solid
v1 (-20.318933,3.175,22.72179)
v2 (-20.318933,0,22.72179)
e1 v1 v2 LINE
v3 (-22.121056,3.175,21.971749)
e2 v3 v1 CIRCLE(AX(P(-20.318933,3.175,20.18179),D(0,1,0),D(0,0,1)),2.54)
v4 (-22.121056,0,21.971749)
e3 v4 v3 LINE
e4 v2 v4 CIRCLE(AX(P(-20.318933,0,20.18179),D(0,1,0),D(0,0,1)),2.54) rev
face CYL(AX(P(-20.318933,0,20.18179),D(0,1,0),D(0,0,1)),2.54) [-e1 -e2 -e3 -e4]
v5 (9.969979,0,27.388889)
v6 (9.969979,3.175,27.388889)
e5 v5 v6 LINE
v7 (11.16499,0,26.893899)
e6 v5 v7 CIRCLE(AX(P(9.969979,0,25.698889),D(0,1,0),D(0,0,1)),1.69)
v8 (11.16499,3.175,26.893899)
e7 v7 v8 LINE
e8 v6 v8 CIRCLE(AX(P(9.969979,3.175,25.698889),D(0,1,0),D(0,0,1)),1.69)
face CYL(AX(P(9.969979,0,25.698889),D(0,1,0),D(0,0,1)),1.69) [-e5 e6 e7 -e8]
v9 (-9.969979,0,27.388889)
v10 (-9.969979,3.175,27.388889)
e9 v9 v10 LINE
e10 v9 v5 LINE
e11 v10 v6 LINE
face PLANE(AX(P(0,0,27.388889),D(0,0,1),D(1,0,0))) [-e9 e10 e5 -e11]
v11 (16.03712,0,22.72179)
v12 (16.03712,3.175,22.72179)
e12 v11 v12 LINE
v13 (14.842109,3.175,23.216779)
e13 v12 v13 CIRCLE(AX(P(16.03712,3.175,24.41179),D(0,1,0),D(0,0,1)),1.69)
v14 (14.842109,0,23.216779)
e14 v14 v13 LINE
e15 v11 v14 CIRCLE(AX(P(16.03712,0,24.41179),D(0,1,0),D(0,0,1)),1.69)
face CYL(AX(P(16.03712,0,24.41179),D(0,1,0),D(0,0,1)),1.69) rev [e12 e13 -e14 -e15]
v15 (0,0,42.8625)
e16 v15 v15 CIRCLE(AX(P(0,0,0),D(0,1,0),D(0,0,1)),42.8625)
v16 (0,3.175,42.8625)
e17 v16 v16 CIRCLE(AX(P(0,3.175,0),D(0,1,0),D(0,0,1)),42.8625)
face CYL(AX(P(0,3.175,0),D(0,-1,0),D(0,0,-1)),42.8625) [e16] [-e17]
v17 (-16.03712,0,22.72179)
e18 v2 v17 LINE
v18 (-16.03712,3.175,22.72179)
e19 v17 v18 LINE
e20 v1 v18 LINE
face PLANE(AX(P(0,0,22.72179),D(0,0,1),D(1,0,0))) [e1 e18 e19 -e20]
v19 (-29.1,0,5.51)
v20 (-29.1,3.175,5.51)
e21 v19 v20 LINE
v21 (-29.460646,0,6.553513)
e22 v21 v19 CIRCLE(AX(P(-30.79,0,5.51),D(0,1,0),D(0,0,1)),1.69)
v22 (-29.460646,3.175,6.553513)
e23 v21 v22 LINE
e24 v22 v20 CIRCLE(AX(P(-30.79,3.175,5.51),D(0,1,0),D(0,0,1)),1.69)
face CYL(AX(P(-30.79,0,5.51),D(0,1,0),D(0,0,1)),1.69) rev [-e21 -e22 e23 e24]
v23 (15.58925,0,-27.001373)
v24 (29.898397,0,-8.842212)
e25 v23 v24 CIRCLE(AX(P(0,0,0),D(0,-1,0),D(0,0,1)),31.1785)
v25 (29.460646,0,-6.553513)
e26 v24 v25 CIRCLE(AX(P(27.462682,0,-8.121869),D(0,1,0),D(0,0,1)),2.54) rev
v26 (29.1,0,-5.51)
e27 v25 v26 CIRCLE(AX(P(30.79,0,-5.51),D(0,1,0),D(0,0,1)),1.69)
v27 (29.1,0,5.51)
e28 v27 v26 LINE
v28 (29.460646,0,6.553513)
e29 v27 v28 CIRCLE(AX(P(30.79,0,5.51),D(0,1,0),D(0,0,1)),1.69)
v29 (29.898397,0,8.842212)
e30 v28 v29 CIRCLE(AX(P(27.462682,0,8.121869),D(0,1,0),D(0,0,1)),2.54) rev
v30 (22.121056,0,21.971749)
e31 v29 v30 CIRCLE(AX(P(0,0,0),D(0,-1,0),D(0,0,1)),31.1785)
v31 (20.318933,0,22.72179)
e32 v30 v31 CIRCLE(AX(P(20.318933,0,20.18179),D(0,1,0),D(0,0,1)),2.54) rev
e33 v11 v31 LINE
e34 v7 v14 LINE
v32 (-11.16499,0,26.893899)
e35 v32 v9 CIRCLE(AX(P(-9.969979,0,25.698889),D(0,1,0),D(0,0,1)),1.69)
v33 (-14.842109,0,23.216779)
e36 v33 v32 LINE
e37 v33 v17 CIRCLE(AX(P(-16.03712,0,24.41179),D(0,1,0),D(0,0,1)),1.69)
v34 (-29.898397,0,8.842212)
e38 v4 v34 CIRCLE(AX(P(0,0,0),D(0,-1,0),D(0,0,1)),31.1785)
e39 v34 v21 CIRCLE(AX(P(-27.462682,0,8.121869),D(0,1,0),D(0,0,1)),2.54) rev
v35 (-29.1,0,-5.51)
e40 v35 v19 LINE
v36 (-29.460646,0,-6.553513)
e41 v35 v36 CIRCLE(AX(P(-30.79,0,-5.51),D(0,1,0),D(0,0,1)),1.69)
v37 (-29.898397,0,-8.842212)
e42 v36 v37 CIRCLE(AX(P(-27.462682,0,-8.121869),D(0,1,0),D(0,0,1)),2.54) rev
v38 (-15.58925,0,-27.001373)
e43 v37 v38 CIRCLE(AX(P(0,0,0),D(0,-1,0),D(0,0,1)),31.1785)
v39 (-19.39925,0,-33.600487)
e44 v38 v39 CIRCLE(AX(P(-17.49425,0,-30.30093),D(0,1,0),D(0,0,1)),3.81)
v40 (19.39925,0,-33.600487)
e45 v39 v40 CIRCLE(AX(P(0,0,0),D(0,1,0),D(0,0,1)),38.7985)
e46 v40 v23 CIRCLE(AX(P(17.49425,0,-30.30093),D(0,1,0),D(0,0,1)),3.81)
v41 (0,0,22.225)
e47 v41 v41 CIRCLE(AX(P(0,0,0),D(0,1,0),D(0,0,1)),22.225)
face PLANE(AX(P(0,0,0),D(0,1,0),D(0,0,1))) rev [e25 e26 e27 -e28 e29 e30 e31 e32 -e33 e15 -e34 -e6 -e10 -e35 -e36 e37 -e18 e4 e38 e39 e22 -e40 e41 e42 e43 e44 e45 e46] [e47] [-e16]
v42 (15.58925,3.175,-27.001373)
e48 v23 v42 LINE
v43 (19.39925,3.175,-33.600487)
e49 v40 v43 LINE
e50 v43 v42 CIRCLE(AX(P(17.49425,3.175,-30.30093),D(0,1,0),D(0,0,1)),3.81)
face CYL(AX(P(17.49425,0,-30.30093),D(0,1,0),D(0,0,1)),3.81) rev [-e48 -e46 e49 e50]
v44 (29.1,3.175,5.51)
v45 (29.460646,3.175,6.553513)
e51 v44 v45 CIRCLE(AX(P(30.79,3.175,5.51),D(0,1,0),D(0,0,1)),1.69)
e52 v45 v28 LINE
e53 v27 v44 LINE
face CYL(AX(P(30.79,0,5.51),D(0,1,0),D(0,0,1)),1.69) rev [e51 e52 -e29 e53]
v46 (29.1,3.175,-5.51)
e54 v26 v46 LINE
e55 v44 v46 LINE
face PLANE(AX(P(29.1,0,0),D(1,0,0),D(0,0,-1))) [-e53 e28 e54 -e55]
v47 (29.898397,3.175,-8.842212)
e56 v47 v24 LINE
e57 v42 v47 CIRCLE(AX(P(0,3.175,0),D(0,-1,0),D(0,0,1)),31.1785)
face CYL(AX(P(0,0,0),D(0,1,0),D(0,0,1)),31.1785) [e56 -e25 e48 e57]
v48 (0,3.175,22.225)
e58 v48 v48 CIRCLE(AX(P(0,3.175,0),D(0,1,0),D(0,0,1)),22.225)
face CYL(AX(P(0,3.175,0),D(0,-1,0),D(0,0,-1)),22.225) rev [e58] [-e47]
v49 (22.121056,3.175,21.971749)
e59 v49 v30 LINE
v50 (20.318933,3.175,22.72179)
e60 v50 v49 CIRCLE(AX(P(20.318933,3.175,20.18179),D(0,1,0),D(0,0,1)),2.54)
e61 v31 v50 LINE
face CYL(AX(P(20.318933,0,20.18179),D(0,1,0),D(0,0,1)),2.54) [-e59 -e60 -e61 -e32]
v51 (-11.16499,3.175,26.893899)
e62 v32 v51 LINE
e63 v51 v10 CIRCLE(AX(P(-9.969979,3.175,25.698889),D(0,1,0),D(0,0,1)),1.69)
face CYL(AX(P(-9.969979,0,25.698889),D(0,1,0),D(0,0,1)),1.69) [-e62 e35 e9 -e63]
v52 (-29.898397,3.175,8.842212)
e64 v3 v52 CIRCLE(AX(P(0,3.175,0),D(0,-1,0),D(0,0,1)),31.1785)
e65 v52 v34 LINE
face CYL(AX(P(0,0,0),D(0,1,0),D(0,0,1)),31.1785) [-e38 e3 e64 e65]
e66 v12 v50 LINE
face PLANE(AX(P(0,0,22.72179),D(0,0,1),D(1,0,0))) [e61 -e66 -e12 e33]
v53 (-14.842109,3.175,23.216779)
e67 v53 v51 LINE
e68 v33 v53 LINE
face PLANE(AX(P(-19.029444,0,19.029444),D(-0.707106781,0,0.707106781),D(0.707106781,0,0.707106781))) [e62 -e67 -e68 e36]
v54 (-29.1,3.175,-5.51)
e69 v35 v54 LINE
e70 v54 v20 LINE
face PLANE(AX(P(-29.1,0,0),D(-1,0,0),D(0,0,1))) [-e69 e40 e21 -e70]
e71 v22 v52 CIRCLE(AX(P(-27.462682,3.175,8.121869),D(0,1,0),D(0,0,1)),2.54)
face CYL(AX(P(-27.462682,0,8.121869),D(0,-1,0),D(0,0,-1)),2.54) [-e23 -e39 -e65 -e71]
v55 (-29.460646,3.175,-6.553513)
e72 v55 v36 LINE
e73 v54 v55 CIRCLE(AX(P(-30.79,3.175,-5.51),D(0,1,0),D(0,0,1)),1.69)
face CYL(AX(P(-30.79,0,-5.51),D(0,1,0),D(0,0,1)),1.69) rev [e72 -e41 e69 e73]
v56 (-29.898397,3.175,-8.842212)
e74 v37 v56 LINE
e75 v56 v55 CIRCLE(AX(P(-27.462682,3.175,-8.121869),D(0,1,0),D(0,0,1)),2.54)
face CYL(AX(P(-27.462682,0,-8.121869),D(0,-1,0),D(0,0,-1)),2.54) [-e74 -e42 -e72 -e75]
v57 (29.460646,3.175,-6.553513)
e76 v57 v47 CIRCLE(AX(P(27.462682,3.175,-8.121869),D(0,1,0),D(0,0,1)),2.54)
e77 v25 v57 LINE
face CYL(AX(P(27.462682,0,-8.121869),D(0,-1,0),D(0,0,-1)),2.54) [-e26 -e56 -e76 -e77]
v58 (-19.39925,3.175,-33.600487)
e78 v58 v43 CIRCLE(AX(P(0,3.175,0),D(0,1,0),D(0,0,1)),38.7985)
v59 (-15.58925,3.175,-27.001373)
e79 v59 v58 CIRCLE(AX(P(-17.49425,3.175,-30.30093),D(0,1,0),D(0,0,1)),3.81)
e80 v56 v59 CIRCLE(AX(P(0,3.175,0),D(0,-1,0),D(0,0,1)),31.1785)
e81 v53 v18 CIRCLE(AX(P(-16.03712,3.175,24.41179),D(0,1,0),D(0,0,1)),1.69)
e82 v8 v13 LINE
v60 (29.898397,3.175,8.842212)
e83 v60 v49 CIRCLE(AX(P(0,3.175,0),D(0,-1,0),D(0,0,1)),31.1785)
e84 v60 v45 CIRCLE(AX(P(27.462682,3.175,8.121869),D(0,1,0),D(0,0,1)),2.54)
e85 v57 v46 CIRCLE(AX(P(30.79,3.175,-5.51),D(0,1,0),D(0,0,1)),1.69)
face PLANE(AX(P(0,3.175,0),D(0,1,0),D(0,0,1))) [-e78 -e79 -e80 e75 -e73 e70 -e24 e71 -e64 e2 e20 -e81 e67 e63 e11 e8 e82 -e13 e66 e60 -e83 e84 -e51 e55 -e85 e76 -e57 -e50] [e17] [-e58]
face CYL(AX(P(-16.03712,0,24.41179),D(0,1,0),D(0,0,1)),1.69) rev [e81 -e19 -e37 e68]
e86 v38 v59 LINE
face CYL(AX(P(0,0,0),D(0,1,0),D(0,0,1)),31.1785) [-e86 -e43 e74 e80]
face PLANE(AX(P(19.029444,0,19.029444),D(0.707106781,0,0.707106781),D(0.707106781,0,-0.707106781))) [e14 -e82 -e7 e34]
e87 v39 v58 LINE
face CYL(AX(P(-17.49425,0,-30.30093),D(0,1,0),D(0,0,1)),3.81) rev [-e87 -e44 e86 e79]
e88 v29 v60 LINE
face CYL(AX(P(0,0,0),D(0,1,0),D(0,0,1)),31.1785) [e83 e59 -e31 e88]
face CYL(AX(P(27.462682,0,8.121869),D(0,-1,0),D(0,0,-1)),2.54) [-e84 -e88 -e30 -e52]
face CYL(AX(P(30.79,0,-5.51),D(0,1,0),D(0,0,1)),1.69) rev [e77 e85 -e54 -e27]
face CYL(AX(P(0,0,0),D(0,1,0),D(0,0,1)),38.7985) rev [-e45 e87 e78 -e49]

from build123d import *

# Parameters (mm, degrees)
SKETCH1_R           = 42.8625
SKETCH1_R_2         = 22.225
BOSS_EXTRUDE1_DEPTH = 3.175
CUT_EXTRUDE1_DEPTH  = 61.699822384
CUT_EXTRUDE3_DEPTH  = 61.699822384
FILLET1_R           = 2.54


with BuildPart() as part:
    # Sketch1 → Boss-Extrude1 (new body)
    with BuildSketch(Plane(origin=(0, 0, 0), x_dir=(1, 0, 0), z_dir=(0, 1, 0))):
        with Locations(Location((0, 0, 0), (0, 0, 270))):
            Circle(SKETCH1_R)
        with Locations(Location((0, 0, 0), (0, 0, 270))):
            Circle(SKETCH1_R_2, mode=Mode.SUBTRACT)
    extrude(amount=BOSS_EXTRUDE1_DEPTH)

    # Sketch2 → Cut-Extrude1 (cut, through all)
    with BuildSketch(Plane(origin=(0, 3.175, 0), x_dir=(1, 0, 0), z_dir=(0, 1, 0))):
        with BuildLine():
            ThreePointArc((19.39925, 33.600486629), (14.194693212, 32.20592984), (15.58925, 27.001373052))
            ThreePointArc((15.58925, 27.001373052), (0, -31.1785), (-15.58925, 27.001373052))
            ThreePointArc((-15.58925, 27.001373052), (-14.194693212, 32.20592984), (-19.39925, 33.600486629))
            ThreePointArc((-19.39925, 33.600486629), (0, -38.7985), (19.39925, 33.600486629))
        make_face()
    extrude(amount=-CUT_EXTRUDE1_DEPTH, mode=Mode.SUBTRACT)

    # Sketch6 → Cut-Extrude3 (cut, through all)
    with BuildSketch(Plane(origin=(0, 3.175, 0), x_dir=(1, 0, 0), z_dir=(0, 1, 0))):
        with BuildLine():
            Line((-21.34992109, -22.721789799), (-16.03711988, -22.721789799))
            ThreePointArc((-16.03711988, -22.721789799), (-15.390384879, -22.850433389), (-14.84210942, -23.216779339))
            Line((-14.84210942, -23.216779339), (-11.16498954, -26.893899219))
            ThreePointArc((-11.16498954, -26.893899219), (-10.61671408, -27.260245169), (-9.96997908, -27.388888759))
            Line((-9.96997908, -27.388888759), (9.96997908, -27.388888759))
            ThreePointArc((9.96997908, -27.388888759), (10.61671408, -27.260245169), (11.16498954, -26.893899219))
            Line((11.16498954, -26.893899219), (14.84210942, -23.216779339))
            ThreePointArc((14.84210942, -23.216779339), (15.390384879, -22.850433389), (16.03711988, -22.721789799))
            Line((16.03711988, -22.721789799), (21.34992109, -22.721789799))
            ThreePointArc((21.34992109, -22.721789799), (0, -31.1785), (-21.34992109, -22.721789799))
        make_face()
        with BuildLine():
            Line((29.1, -5.51000025), (29.1, 5.51000025))
            ThreePointArc((29.1, 5.51000025), (29.448279688, 6.53756368), (30.349569945, 7.14160111))
            ThreePointArc((30.349569945, 7.14160111), (31.1785, 0), (30.349569945, -7.14160111))
            ThreePointArc((30.349569945, -7.14160111), (29.448279688, -6.53756368), (29.1, -5.51000025))
        make_face()
        with BuildLine():
            Line((-29.1, 5.51000025), (-29.1, -5.51000025))
            ThreePointArc((-29.1, -5.51000025), (-29.448279688, -6.53756368), (-30.349569945, -7.14160111))
            ThreePointArc((-30.349569945, -7.14160111), (-31.1785, 0), (-30.349569945, 7.14160111))
            ThreePointArc((-30.349569945, 7.14160111), (-29.448279688, 6.53756368), (-29.1, 5.51000025))
        make_face()
    extrude(amount=-CUT_EXTRUDE3_DEPTH, mode=Mode.SUBTRACT)

    # Fillet1
    fillet1_edges = [part.edges().sort_by_distance(p)[0] for p in [
        (-30.349569945, 1.5875, 7.14160111),
        (-30.349569945, 1.5875, -7.14160111),
        (21.34992109, 1.5875, 22.721789799),
        (-21.34992109, 1.5875, 22.721789799),
        (30.349569945, 1.5875, -7.14160111),
        (30.349569945, 1.5875, 7.14160111),
    ]]
    fillet(fillet1_edges, radius=FILLET1_R)


solid = part.part
